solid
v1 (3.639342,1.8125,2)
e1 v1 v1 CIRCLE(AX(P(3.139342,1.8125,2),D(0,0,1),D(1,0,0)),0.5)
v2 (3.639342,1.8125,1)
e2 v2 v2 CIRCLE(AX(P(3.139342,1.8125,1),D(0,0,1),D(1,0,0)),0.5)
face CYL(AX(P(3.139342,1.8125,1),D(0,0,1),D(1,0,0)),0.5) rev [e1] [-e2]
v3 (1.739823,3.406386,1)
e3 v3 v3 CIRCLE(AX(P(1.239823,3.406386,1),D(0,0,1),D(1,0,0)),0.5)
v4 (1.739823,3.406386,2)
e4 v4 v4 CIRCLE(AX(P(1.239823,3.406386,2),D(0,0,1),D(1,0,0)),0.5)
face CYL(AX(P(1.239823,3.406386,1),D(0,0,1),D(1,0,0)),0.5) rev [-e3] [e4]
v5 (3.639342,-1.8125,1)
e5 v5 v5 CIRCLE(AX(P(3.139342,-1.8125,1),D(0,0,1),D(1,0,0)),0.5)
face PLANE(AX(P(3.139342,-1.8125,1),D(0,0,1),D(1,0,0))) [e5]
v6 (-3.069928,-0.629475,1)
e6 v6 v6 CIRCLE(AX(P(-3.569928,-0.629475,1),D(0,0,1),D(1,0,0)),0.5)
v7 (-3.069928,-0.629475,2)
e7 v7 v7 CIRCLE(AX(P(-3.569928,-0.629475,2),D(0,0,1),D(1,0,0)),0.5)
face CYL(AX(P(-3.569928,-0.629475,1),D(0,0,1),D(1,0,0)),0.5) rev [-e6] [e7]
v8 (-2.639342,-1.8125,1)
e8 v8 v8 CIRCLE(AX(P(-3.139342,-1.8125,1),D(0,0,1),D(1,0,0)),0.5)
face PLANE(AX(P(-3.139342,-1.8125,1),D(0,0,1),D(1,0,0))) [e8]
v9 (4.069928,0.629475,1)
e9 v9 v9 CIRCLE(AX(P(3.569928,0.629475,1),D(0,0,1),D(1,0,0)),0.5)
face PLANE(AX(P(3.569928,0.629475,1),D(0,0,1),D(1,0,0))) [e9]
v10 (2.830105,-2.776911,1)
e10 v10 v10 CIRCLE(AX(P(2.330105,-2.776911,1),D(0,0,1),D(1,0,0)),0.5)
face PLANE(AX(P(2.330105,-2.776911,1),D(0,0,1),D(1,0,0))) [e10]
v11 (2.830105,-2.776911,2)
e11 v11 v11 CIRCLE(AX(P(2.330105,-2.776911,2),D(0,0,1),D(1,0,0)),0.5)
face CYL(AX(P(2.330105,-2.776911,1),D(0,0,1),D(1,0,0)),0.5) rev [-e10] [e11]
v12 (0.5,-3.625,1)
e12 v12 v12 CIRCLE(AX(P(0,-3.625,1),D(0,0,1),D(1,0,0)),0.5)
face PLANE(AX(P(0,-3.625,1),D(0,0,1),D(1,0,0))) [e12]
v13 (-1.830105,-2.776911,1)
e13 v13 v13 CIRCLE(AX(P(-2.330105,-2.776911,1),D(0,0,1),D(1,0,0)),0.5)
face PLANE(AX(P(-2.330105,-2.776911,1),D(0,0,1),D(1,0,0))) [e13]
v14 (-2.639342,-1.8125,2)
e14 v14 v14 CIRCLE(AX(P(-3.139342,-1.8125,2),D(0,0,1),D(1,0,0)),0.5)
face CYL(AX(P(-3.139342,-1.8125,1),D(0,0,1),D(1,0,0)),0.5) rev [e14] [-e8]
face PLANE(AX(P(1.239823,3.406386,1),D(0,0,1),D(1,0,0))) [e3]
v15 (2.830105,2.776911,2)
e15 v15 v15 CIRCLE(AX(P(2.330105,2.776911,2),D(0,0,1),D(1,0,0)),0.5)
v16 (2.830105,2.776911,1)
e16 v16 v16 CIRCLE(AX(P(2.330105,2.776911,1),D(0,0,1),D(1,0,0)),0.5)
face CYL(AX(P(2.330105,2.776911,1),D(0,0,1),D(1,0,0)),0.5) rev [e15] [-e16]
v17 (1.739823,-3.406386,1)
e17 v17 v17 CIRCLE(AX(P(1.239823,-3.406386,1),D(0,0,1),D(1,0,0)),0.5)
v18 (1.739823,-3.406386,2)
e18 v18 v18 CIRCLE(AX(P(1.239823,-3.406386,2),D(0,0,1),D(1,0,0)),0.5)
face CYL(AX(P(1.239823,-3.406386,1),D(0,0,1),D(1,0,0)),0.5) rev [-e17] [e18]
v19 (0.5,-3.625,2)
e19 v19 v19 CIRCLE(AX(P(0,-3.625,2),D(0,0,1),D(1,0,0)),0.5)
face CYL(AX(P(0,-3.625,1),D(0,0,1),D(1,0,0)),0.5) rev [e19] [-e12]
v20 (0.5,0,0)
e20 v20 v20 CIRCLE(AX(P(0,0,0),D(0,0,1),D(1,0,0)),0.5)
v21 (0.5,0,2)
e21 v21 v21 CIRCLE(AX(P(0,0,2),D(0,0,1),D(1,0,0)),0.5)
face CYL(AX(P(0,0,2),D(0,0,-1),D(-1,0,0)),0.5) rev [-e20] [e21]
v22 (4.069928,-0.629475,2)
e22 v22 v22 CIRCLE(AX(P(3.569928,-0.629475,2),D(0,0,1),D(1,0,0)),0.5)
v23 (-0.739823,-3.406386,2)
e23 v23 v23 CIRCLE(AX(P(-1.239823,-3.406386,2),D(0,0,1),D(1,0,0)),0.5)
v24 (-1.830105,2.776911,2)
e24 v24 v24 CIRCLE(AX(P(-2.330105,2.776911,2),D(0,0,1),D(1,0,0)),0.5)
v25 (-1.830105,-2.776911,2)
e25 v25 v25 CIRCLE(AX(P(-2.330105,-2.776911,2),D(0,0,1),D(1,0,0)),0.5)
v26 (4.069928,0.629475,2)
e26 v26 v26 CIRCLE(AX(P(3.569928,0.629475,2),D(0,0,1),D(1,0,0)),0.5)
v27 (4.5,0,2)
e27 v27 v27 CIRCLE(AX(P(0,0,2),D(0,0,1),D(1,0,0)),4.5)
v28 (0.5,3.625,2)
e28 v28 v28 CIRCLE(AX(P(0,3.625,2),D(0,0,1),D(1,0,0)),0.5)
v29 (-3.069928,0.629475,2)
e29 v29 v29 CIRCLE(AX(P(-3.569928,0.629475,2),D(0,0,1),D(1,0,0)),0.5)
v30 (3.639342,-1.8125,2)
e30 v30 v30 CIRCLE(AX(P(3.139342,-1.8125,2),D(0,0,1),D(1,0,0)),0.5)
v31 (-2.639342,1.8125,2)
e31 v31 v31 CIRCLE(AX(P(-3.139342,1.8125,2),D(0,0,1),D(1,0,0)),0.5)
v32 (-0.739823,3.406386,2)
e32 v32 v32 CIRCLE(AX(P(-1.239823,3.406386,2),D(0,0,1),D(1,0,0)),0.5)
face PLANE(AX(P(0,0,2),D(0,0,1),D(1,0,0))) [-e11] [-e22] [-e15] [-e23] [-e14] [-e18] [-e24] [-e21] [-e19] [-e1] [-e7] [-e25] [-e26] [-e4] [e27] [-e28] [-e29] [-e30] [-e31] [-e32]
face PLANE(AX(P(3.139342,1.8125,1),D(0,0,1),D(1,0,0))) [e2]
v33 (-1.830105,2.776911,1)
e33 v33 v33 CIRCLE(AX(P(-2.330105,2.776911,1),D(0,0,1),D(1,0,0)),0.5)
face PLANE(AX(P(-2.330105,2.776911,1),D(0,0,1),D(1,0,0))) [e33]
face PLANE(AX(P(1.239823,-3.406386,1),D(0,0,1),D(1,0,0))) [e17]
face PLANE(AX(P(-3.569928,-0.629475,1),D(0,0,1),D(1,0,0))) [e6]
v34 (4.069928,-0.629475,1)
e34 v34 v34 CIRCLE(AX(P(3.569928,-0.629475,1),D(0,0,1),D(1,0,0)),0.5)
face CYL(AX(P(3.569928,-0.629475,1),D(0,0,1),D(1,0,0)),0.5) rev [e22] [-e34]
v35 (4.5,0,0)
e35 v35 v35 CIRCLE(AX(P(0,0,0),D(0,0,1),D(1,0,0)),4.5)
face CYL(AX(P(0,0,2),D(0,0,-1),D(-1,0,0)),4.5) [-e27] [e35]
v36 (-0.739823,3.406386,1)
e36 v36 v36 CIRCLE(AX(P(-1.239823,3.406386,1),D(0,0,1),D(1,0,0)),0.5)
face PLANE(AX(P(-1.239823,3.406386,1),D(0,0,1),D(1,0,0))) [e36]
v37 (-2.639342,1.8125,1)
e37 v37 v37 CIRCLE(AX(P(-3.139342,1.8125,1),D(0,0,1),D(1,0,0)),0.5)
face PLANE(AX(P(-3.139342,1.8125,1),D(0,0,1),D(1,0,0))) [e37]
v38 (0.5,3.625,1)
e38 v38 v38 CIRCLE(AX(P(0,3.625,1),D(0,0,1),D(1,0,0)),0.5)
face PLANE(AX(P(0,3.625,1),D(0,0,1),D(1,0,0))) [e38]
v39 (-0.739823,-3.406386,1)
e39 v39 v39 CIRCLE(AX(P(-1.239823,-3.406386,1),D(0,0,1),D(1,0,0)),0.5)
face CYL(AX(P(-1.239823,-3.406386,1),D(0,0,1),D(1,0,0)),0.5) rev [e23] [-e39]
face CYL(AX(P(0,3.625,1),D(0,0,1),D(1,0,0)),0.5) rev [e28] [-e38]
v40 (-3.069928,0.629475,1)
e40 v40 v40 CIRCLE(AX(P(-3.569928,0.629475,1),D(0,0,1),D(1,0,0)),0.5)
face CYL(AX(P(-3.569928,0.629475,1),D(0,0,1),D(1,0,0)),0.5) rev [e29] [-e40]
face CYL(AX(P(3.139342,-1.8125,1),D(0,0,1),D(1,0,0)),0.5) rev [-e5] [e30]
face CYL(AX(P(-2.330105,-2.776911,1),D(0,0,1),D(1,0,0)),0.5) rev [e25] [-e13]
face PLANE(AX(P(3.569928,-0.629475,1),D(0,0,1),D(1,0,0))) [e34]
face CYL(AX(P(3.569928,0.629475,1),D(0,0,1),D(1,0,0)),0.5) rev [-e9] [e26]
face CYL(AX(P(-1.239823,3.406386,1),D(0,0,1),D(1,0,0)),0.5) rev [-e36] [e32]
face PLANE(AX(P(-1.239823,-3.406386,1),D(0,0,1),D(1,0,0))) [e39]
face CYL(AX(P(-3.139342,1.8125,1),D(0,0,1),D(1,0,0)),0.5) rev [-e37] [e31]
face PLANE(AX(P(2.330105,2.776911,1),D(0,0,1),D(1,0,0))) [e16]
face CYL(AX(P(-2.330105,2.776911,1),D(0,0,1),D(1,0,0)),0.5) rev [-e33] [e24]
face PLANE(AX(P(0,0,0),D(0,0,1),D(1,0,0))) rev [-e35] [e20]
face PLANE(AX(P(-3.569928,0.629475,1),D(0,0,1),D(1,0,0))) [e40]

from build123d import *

# Parameters (mm, degrees)
SZKIC1_R                    = 4.5
SZKIC1_R_2                  = 0.5
DODANIE_WYCI_GNI_CIE1_DEPTH = 2
SZKIC2_R                    = 0.5
WYTNIJ_WYCI_GNI_CIE2_DEPTH  = 1


with BuildPart() as part:
    # Szkic1 → Dodanie-wyciągnięcie1 (new body)
    with BuildSketch(Plane.XY):
        Circle(SZKIC1_R)
        Circle(SZKIC1_R_2, mode=Mode.SUBTRACT)
    extrude(amount=DODANIE_WYCI_GNI_CIE1_DEPTH)

    # Szkic2 → Wytnij-wyciągnięcie2 (cut)
    with BuildSketch(Plane.XY.offset(2)):
        with Locations((0, 3.625)):
            Circle(SZKIC2_R)
        with Locations((1.23982302, 3.40638575)):
            Circle(SZKIC2_R)
        with Locations((2.330105085, 2.776911106)):
            Circle(SZKIC2_R)
        with Locations((3.139342089, 1.8125)):
            Circle(SZKIC2_R)
        with Locations((3.569928105, 0.629474644)):
            Circle(SZKIC2_R)
        with Locations((3.569928105, -0.629474644)):
            Circle(SZKIC2_R)
        with Locations((3.139342089, -1.8125)):
            Circle(SZKIC2_R)
        with Locations((2.330105085, -2.776911106)):
            Circle(SZKIC2_R)
        with Locations((1.23982302, -3.40638575)):
            Circle(SZKIC2_R)
        with Locations((0, -3.625)):
            Circle(SZKIC2_R)
        with Locations((-1.23982302, -3.40638575)):
            Circle(SZKIC2_R)
        with Locations((-2.330105085, -2.776911106)):
            Circle(SZKIC2_R)
        with Locations((-3.139342089, -1.8125)):
            Circle(SZKIC2_R)
        with Locations((-3.569928105, -0.629474644)):
            Circle(SZKIC2_R)
        with Locations((-3.569928105, 0.629474644)):
            Circle(SZKIC2_R)
        with Locations((-3.139342089, 1.8125)):
            Circle(SZKIC2_R)
        with Locations((-2.330105085, 2.776911106)):
            Circle(SZKIC2_R)
        with Locations((-1.23982302, 3.40638575)):
            Circle(SZKIC2_R)
    extrude(amount=-WYTNIJ_WYCI_GNI_CIE2_DEPTH, mode=Mode.SUBTRACT)


solid = part.part
